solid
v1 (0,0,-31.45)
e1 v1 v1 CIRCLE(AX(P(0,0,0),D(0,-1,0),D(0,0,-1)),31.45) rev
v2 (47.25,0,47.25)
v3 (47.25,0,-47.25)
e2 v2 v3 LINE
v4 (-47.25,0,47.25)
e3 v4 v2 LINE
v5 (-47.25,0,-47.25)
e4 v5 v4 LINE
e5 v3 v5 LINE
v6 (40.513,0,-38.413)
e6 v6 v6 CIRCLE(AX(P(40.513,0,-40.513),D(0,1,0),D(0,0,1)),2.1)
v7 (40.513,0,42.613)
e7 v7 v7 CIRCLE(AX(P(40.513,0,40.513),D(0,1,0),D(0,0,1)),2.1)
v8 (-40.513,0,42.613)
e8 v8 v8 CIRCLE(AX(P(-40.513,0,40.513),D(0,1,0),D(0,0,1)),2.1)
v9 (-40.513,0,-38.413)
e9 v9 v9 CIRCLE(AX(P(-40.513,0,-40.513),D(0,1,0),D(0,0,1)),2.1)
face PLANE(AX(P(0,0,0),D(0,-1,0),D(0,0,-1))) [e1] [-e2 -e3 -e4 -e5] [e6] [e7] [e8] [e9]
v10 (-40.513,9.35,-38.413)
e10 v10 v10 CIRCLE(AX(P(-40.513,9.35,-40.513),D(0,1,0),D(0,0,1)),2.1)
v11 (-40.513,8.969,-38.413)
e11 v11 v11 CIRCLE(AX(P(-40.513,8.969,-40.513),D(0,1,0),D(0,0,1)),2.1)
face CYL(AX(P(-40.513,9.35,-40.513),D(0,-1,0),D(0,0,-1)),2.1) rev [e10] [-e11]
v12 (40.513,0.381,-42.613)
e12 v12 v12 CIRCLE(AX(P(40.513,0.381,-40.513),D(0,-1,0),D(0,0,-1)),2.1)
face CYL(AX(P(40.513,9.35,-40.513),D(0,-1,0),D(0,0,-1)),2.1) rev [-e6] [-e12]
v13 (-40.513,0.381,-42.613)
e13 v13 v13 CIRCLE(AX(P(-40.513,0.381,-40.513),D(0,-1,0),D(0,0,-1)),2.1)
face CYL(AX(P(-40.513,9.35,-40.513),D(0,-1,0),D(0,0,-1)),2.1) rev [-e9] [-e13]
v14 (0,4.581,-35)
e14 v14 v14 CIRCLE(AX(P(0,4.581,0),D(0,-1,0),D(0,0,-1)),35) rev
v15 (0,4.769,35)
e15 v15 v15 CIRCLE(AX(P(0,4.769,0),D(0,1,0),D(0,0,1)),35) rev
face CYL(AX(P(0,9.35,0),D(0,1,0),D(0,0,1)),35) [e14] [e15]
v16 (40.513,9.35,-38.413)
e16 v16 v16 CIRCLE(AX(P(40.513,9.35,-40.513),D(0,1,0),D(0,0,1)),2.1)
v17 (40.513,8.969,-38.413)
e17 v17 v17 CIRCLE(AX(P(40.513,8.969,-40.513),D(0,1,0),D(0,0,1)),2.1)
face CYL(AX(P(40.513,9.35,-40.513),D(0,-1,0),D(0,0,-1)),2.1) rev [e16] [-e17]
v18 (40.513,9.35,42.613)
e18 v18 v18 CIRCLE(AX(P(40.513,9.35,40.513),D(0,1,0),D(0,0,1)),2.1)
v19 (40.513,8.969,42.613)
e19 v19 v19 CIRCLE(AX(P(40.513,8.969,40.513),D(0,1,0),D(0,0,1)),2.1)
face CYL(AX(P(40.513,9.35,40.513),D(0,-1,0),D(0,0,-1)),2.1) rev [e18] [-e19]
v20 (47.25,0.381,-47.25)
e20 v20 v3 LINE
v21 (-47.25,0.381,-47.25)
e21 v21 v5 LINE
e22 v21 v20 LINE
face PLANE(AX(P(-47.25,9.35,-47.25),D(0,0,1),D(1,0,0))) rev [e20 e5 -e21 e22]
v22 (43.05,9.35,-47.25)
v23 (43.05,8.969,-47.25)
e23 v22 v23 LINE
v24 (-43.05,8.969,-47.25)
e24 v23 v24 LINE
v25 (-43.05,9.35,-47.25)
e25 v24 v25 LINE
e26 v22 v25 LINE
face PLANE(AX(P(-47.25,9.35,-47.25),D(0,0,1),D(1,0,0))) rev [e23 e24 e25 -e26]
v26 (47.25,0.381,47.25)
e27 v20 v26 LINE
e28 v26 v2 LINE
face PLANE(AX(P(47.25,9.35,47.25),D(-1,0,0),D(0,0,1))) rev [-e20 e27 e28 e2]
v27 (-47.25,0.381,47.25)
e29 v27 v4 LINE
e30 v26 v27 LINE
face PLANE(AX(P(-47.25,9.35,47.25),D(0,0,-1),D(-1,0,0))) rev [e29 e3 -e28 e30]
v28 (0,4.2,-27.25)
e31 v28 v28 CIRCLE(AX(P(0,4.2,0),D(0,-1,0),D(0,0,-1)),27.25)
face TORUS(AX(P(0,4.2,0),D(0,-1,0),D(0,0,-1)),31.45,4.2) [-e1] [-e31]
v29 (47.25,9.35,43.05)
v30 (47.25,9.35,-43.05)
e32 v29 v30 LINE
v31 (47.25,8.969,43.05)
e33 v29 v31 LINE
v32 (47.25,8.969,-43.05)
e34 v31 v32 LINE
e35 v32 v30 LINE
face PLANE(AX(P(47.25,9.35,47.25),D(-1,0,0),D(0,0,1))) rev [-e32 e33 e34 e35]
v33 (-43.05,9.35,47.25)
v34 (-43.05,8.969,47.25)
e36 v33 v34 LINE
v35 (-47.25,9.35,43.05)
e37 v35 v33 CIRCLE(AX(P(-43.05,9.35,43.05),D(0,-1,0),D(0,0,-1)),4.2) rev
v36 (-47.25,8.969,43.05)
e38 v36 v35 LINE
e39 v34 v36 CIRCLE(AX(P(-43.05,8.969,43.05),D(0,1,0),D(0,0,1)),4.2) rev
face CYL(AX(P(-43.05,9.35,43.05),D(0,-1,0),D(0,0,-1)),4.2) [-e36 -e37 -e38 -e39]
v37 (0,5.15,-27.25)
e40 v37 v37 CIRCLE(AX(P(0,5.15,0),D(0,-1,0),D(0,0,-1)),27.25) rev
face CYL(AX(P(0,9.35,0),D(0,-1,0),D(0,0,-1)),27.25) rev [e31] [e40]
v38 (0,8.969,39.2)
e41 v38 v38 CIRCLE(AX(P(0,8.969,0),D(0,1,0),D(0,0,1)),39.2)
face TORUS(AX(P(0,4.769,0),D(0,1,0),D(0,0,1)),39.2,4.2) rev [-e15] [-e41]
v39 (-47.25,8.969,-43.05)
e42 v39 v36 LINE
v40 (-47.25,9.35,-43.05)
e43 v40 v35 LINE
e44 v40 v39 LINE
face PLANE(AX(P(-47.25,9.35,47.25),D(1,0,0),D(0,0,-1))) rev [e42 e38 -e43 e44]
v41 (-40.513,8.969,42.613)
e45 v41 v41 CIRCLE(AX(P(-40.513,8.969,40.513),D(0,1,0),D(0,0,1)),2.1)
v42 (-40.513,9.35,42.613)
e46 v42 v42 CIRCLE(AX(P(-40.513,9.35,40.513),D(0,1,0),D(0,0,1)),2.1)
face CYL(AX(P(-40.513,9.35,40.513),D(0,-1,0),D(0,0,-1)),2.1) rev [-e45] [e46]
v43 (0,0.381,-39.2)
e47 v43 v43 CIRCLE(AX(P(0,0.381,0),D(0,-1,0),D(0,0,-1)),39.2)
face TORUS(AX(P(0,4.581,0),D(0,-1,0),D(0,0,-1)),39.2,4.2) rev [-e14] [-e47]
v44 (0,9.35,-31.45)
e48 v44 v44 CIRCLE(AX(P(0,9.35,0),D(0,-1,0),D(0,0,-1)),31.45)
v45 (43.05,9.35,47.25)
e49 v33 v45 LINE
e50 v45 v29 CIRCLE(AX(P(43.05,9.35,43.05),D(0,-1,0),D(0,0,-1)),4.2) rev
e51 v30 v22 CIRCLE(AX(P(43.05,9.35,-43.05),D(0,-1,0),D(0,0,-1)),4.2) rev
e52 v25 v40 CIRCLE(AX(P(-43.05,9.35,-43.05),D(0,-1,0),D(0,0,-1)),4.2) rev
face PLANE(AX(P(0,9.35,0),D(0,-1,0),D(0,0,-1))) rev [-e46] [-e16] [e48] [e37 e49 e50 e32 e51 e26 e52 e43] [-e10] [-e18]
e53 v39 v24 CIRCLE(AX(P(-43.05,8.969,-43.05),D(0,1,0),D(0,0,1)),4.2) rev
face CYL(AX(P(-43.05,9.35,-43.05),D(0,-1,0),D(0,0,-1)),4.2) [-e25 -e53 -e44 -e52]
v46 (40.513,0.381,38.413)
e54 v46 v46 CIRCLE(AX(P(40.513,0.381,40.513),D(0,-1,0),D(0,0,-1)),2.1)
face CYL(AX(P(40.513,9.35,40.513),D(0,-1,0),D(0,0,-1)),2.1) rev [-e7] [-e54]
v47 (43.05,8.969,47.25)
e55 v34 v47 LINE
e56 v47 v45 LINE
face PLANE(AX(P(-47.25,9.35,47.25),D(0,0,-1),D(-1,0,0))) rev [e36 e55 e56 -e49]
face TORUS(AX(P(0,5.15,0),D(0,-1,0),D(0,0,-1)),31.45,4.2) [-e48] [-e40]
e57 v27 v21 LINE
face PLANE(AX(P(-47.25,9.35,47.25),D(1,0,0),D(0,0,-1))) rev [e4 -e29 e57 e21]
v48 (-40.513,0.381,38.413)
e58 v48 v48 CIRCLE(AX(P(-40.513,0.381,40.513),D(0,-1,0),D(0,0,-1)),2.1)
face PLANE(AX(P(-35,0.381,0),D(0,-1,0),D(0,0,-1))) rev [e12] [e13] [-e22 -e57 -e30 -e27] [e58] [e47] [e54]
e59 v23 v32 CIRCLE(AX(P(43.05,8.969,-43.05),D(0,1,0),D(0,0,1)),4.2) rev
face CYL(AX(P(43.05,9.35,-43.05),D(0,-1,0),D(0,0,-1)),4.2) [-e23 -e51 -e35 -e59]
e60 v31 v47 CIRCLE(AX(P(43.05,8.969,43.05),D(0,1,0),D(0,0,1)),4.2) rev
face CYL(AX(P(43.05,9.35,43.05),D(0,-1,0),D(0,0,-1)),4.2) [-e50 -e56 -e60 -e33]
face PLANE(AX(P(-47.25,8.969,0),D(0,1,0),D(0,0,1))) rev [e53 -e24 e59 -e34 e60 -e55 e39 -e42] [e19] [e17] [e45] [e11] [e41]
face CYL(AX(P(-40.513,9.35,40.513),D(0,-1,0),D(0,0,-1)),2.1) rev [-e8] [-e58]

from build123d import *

# Parameters (mm, degrees)
SKETCH1_W           = 94.5
SKETCH1_H           = 94.5
SKETCH1_R           = 27.25
SKETCH1_R_2         = 2.1
BOSS_EXTRUDE1_DEPTH = 9.35
FILLET1_R           = 4.2


with BuildPart() as part:
    # Sketch1 → Boss-Extrude1 (new body)
    with BuildSketch(Plane(origin=(0, 0, 0), x_dir=(1, 0, 0), z_dir=(0, 1, 0))):
        Rectangle(SKETCH1_W, SKETCH1_H)
        with Locations(Location((0, 0, 0), (0, 0, 270))):
            Circle(SKETCH1_R, mode=Mode.SUBTRACT)
        with Locations(Location((-40.513, 40.513, 0), (0, 0, 270))):
            Circle(SKETCH1_R_2, mode=Mode.SUBTRACT)
        with Locations(Location((40.513, 40.513, 0), (0, 0, 270))):
            Circle(SKETCH1_R_2, mode=Mode.SUBTRACT)
        with Locations(Location((40.513, -40.513, 0), (0, 0, 270))):
            Circle(SKETCH1_R_2, mode=Mode.SUBTRACT)
        with Locations(Location((-40.513, -40.513, 0), (0, 0, 270))):
            Circle(SKETCH1_R_2, mode=Mode.SUBTRACT)
    extrude(amount=BOSS_EXTRUDE1_DEPTH)

    # Sketch3 → Cut-Revolve1 (revolve, cut)
    with BuildSketch(Plane.XY, mode=Mode.PRIVATE) as cut_revolve1_sk:
        Polygon((-47.25, 8.969), (-35, 8.969), (-35, 0.381), (-47.25, 0.381), (-68.714160929, 0.381), (-68.714160929, 8.969), align=None)
    revolve(cut_revolve1_sk.sketch.rotate(Axis((0, 9.35, 0), (0, -1, 0)), 270), axis=Axis((0, 9.35, 0), (0, -1, 0)), mode=Mode.SUBTRACT)

    # Fillet1
    fillet1_edges = [part.edges().sort_by_distance(p)[0] for p in [
        (0, 0, -27.25),
        (0, 9.35, -27.25),
        (0, 0.381, -35),
        (0, 8.969, -35),
        (47.25, 9.1595, 47.25),
        (-47.25, 9.1595, 47.25),
        (-47.25, 9.1595, -47.25),
        (47.25, 9.1595, -47.25),
    ]]
    fillet(fillet1_edges, radius=FILLET1_R)


solid = part.part
